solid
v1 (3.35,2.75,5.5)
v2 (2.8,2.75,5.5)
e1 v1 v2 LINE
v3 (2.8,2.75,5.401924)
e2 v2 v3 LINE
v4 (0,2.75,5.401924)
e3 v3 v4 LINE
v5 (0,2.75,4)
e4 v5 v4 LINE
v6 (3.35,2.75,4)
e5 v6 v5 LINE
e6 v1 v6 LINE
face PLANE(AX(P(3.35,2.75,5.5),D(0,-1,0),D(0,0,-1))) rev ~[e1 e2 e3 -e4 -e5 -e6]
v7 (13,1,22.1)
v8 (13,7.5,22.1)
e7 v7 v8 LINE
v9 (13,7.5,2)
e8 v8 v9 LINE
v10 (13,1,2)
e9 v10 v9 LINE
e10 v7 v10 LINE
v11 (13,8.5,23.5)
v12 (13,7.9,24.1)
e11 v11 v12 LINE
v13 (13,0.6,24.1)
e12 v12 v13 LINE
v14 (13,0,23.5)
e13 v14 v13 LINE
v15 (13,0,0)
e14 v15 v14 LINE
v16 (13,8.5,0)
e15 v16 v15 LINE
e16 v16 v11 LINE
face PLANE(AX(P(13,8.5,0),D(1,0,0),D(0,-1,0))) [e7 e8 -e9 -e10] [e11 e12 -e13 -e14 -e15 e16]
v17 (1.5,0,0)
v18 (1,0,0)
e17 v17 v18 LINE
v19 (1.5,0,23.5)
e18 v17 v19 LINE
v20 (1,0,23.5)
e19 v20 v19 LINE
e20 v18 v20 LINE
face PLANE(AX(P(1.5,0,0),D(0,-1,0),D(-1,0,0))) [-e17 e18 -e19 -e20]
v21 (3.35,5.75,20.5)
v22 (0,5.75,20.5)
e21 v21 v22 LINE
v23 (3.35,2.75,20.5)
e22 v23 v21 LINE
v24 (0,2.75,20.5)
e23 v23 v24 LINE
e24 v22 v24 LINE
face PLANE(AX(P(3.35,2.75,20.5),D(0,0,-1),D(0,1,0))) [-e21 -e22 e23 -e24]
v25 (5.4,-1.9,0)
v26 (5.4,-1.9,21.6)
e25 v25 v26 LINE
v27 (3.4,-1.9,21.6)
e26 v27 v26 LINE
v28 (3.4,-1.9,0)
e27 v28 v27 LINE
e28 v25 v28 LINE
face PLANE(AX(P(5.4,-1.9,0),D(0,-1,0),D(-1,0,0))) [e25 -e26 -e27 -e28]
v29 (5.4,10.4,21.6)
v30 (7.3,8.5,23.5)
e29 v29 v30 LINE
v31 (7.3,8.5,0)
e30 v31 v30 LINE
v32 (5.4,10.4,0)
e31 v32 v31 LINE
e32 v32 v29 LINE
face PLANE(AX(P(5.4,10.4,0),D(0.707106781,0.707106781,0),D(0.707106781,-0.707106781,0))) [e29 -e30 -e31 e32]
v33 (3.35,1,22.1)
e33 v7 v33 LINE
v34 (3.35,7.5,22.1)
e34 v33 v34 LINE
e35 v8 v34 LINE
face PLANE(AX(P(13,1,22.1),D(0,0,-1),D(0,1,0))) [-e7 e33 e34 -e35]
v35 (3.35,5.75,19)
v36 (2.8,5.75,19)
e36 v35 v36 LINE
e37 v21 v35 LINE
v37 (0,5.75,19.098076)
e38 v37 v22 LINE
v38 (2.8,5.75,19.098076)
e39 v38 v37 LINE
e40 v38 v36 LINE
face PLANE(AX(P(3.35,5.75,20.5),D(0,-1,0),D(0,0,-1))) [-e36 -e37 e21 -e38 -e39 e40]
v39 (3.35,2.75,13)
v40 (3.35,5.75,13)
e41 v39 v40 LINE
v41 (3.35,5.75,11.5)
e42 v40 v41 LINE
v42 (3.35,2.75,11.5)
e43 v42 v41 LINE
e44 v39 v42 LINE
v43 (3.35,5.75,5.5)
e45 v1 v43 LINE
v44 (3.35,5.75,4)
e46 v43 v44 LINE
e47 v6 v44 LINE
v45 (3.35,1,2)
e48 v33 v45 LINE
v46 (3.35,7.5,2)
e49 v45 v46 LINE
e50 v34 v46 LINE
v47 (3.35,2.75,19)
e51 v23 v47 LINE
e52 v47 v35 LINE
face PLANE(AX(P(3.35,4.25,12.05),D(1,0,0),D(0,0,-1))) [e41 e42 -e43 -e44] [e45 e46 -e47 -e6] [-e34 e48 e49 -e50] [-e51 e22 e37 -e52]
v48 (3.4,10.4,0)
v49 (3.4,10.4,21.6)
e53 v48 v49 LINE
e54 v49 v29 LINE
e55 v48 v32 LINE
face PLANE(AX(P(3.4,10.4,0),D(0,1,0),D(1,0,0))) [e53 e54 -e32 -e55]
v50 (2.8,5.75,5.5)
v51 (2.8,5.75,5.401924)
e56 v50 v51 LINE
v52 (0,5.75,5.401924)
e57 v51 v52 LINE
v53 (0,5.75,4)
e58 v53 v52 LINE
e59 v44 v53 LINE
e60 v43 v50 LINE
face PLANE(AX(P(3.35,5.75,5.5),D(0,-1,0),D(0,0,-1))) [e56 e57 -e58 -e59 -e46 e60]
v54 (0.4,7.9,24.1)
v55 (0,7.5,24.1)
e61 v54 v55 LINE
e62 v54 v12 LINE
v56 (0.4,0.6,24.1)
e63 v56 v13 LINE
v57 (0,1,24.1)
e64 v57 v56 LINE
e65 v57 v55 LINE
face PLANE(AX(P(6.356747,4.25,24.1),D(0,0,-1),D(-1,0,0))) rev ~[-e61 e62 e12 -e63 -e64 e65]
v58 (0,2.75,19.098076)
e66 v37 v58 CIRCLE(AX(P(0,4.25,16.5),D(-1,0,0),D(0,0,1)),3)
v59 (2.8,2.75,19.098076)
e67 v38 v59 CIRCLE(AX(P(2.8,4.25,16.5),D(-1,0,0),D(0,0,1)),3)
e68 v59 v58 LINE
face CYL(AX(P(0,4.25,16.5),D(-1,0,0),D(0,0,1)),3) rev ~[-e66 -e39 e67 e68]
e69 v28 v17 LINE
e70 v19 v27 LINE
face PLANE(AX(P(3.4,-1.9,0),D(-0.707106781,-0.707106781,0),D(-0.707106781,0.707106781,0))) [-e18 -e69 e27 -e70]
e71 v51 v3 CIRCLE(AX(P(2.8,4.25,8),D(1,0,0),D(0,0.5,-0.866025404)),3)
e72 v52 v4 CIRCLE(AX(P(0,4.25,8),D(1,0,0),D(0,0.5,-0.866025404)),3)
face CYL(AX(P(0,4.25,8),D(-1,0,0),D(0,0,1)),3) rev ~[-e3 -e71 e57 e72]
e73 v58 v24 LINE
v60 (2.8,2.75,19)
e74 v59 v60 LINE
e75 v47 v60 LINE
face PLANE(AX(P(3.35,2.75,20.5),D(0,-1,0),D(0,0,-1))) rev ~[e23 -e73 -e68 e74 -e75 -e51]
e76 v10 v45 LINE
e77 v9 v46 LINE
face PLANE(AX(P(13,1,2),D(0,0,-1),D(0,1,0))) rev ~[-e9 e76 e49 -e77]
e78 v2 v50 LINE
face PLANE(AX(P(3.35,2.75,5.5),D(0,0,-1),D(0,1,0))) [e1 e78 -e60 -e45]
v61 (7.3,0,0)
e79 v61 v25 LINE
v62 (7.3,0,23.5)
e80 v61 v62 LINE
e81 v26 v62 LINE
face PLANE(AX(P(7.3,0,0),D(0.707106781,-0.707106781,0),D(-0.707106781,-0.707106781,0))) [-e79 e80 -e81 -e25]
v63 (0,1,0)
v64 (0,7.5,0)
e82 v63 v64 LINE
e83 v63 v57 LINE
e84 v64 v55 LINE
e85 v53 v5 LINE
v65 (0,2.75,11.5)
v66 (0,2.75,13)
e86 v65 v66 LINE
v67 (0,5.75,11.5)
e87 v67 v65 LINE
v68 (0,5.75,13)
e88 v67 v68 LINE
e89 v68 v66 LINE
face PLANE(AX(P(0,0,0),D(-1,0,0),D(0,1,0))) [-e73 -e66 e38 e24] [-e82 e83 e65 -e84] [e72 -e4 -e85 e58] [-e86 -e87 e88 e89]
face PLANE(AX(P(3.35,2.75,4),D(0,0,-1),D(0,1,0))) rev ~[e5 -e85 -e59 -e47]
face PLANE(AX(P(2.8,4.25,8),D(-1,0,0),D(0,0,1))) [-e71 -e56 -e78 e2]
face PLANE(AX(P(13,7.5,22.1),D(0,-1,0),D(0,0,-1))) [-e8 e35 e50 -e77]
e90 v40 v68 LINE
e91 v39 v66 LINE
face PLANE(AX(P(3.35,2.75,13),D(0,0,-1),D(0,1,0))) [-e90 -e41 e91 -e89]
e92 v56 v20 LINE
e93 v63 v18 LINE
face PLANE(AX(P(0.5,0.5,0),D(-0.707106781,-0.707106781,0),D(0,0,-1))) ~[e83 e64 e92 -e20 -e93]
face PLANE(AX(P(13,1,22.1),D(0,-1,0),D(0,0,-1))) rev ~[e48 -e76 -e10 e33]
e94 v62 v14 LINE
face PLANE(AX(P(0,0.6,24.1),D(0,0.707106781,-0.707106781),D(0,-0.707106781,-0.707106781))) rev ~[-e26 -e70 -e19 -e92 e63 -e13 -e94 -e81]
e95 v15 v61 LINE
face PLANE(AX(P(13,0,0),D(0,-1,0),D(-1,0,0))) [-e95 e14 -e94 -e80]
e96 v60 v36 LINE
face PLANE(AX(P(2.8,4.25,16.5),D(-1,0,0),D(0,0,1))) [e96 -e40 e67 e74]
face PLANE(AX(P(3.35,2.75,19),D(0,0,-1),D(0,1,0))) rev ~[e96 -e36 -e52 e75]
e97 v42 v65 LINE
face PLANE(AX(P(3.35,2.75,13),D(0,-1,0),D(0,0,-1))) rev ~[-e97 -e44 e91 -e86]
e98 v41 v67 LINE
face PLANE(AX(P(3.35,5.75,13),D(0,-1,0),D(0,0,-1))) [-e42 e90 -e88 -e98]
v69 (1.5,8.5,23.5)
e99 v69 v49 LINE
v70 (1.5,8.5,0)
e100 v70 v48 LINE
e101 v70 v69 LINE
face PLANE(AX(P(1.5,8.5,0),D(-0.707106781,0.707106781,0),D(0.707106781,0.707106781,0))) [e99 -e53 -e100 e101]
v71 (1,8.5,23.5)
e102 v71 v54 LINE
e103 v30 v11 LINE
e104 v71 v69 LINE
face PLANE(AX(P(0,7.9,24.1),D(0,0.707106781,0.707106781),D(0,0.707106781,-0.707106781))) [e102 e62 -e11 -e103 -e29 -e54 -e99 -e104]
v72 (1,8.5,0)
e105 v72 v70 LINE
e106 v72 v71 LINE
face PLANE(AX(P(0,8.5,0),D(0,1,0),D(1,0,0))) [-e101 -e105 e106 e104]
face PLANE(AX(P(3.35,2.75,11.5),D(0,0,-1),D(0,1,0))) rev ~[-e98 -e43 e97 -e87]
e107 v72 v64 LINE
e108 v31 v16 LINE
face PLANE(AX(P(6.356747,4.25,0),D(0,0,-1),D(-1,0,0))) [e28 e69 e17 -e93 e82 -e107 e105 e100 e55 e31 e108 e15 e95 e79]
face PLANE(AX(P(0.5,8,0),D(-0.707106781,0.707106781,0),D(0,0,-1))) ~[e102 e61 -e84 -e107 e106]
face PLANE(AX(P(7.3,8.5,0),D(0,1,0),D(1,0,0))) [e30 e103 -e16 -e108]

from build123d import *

# Parameters (mm, degrees)
BOSS_EXTRUDE1_DEPTH = 24.1
SKETCH2_W           = 20.1
SKETCH2_H           = 6.5
CUT_EXTRUDE1_DEPTH  = 9.65
SKETCH3_W           = 1.5
SKETCH3_H           = 3
CUT_EXTRUDE2_DEPTH  = 28.965916756
SKETCH4_R           = 3
CUT_EXTRUDE3_DEPTH  = 2.8
CUT_EXTRUDE4_DEPTH  = 30.291124936
CHAMFER1_SIZE       = 1


with BuildPart() as part:
    # Sketch1 → Boss-Extrude1 (new body)
    with BuildSketch(Plane.XY):
        Polygon((0, 8.5), (1.5, 8.5), (3.4, 10.4), (5.4, 10.4), (7.3, 8.5), (13, 8.5), (13, 0), (7.3, 0), (5.4, -1.9), (3.4, -1.9), (1.5, 0), (0, 0), align=None)
    extrude(amount=BOSS_EXTRUDE1_DEPTH)

    # Sketch2 → Cut-Extrude1 (cut)
    with BuildSketch(Plane(origin=(13, 0, 0), x_dir=(0, 0, -1), z_dir=(1, 0, 0))):
        with Locations((-12.05, 4.25)):
            Rectangle(SKETCH2_W, SKETCH2_H)
    extrude(amount=-CUT_EXTRUDE1_DEPTH, mode=Mode.SUBTRACT)

    # Sketch3 → Cut-Extrude2 (cut, through all)
    with BuildSketch(Plane(origin=(3.35, 0, 0), x_dir=(0, 0, -1), z_dir=(1, 0, 0))):
        with Locations((-4.75, 4.25)):
            Rectangle(SKETCH3_W, SKETCH3_H)
        with Locations((-19.75, 4.25)):
            Rectangle(SKETCH3_W, SKETCH3_H)
        with Locations((-12.25, 4.25)):
            Rectangle(SKETCH3_W, SKETCH3_H)
    extrude(amount=-CUT_EXTRUDE2_DEPTH, mode=Mode.SUBTRACT)

    # Sketch4 → Cut-Extrude3 (cut)
    with BuildSketch(Plane.ZY):
        with Locations((8, 4.25)):
            Circle(SKETCH4_R)
        with Locations((16.5, 4.25)):
            Circle(SKETCH4_R)
    extrude(amount=-CUT_EXTRUDE3_DEPTH, mode=Mode.SUBTRACT)

    # Sketch5 → Cut-Extrude4 (cut, through all)
    with BuildSketch(Plane.ZY):
        Polygon((24.1, -1.9), (24.1, 0.6), (21.6, -1.9), align=None)
        Polygon((21.6, 10.4), (24.1, 10.4), (24.1, 7.9), align=None)
    extrude(amount=-CUT_EXTRUDE4_DEPTH, mode=Mode.SUBTRACT)

    # Chamfer1
    chamfer1_edges = [part.edges().sort_by_distance(p)[0] for p in [
        (0, 8.5, 11.75),
        (0, 0, 11.75),
    ]]
    chamfer(chamfer1_edges, length=CHAMFER1_SIZE)


solid = part.part
